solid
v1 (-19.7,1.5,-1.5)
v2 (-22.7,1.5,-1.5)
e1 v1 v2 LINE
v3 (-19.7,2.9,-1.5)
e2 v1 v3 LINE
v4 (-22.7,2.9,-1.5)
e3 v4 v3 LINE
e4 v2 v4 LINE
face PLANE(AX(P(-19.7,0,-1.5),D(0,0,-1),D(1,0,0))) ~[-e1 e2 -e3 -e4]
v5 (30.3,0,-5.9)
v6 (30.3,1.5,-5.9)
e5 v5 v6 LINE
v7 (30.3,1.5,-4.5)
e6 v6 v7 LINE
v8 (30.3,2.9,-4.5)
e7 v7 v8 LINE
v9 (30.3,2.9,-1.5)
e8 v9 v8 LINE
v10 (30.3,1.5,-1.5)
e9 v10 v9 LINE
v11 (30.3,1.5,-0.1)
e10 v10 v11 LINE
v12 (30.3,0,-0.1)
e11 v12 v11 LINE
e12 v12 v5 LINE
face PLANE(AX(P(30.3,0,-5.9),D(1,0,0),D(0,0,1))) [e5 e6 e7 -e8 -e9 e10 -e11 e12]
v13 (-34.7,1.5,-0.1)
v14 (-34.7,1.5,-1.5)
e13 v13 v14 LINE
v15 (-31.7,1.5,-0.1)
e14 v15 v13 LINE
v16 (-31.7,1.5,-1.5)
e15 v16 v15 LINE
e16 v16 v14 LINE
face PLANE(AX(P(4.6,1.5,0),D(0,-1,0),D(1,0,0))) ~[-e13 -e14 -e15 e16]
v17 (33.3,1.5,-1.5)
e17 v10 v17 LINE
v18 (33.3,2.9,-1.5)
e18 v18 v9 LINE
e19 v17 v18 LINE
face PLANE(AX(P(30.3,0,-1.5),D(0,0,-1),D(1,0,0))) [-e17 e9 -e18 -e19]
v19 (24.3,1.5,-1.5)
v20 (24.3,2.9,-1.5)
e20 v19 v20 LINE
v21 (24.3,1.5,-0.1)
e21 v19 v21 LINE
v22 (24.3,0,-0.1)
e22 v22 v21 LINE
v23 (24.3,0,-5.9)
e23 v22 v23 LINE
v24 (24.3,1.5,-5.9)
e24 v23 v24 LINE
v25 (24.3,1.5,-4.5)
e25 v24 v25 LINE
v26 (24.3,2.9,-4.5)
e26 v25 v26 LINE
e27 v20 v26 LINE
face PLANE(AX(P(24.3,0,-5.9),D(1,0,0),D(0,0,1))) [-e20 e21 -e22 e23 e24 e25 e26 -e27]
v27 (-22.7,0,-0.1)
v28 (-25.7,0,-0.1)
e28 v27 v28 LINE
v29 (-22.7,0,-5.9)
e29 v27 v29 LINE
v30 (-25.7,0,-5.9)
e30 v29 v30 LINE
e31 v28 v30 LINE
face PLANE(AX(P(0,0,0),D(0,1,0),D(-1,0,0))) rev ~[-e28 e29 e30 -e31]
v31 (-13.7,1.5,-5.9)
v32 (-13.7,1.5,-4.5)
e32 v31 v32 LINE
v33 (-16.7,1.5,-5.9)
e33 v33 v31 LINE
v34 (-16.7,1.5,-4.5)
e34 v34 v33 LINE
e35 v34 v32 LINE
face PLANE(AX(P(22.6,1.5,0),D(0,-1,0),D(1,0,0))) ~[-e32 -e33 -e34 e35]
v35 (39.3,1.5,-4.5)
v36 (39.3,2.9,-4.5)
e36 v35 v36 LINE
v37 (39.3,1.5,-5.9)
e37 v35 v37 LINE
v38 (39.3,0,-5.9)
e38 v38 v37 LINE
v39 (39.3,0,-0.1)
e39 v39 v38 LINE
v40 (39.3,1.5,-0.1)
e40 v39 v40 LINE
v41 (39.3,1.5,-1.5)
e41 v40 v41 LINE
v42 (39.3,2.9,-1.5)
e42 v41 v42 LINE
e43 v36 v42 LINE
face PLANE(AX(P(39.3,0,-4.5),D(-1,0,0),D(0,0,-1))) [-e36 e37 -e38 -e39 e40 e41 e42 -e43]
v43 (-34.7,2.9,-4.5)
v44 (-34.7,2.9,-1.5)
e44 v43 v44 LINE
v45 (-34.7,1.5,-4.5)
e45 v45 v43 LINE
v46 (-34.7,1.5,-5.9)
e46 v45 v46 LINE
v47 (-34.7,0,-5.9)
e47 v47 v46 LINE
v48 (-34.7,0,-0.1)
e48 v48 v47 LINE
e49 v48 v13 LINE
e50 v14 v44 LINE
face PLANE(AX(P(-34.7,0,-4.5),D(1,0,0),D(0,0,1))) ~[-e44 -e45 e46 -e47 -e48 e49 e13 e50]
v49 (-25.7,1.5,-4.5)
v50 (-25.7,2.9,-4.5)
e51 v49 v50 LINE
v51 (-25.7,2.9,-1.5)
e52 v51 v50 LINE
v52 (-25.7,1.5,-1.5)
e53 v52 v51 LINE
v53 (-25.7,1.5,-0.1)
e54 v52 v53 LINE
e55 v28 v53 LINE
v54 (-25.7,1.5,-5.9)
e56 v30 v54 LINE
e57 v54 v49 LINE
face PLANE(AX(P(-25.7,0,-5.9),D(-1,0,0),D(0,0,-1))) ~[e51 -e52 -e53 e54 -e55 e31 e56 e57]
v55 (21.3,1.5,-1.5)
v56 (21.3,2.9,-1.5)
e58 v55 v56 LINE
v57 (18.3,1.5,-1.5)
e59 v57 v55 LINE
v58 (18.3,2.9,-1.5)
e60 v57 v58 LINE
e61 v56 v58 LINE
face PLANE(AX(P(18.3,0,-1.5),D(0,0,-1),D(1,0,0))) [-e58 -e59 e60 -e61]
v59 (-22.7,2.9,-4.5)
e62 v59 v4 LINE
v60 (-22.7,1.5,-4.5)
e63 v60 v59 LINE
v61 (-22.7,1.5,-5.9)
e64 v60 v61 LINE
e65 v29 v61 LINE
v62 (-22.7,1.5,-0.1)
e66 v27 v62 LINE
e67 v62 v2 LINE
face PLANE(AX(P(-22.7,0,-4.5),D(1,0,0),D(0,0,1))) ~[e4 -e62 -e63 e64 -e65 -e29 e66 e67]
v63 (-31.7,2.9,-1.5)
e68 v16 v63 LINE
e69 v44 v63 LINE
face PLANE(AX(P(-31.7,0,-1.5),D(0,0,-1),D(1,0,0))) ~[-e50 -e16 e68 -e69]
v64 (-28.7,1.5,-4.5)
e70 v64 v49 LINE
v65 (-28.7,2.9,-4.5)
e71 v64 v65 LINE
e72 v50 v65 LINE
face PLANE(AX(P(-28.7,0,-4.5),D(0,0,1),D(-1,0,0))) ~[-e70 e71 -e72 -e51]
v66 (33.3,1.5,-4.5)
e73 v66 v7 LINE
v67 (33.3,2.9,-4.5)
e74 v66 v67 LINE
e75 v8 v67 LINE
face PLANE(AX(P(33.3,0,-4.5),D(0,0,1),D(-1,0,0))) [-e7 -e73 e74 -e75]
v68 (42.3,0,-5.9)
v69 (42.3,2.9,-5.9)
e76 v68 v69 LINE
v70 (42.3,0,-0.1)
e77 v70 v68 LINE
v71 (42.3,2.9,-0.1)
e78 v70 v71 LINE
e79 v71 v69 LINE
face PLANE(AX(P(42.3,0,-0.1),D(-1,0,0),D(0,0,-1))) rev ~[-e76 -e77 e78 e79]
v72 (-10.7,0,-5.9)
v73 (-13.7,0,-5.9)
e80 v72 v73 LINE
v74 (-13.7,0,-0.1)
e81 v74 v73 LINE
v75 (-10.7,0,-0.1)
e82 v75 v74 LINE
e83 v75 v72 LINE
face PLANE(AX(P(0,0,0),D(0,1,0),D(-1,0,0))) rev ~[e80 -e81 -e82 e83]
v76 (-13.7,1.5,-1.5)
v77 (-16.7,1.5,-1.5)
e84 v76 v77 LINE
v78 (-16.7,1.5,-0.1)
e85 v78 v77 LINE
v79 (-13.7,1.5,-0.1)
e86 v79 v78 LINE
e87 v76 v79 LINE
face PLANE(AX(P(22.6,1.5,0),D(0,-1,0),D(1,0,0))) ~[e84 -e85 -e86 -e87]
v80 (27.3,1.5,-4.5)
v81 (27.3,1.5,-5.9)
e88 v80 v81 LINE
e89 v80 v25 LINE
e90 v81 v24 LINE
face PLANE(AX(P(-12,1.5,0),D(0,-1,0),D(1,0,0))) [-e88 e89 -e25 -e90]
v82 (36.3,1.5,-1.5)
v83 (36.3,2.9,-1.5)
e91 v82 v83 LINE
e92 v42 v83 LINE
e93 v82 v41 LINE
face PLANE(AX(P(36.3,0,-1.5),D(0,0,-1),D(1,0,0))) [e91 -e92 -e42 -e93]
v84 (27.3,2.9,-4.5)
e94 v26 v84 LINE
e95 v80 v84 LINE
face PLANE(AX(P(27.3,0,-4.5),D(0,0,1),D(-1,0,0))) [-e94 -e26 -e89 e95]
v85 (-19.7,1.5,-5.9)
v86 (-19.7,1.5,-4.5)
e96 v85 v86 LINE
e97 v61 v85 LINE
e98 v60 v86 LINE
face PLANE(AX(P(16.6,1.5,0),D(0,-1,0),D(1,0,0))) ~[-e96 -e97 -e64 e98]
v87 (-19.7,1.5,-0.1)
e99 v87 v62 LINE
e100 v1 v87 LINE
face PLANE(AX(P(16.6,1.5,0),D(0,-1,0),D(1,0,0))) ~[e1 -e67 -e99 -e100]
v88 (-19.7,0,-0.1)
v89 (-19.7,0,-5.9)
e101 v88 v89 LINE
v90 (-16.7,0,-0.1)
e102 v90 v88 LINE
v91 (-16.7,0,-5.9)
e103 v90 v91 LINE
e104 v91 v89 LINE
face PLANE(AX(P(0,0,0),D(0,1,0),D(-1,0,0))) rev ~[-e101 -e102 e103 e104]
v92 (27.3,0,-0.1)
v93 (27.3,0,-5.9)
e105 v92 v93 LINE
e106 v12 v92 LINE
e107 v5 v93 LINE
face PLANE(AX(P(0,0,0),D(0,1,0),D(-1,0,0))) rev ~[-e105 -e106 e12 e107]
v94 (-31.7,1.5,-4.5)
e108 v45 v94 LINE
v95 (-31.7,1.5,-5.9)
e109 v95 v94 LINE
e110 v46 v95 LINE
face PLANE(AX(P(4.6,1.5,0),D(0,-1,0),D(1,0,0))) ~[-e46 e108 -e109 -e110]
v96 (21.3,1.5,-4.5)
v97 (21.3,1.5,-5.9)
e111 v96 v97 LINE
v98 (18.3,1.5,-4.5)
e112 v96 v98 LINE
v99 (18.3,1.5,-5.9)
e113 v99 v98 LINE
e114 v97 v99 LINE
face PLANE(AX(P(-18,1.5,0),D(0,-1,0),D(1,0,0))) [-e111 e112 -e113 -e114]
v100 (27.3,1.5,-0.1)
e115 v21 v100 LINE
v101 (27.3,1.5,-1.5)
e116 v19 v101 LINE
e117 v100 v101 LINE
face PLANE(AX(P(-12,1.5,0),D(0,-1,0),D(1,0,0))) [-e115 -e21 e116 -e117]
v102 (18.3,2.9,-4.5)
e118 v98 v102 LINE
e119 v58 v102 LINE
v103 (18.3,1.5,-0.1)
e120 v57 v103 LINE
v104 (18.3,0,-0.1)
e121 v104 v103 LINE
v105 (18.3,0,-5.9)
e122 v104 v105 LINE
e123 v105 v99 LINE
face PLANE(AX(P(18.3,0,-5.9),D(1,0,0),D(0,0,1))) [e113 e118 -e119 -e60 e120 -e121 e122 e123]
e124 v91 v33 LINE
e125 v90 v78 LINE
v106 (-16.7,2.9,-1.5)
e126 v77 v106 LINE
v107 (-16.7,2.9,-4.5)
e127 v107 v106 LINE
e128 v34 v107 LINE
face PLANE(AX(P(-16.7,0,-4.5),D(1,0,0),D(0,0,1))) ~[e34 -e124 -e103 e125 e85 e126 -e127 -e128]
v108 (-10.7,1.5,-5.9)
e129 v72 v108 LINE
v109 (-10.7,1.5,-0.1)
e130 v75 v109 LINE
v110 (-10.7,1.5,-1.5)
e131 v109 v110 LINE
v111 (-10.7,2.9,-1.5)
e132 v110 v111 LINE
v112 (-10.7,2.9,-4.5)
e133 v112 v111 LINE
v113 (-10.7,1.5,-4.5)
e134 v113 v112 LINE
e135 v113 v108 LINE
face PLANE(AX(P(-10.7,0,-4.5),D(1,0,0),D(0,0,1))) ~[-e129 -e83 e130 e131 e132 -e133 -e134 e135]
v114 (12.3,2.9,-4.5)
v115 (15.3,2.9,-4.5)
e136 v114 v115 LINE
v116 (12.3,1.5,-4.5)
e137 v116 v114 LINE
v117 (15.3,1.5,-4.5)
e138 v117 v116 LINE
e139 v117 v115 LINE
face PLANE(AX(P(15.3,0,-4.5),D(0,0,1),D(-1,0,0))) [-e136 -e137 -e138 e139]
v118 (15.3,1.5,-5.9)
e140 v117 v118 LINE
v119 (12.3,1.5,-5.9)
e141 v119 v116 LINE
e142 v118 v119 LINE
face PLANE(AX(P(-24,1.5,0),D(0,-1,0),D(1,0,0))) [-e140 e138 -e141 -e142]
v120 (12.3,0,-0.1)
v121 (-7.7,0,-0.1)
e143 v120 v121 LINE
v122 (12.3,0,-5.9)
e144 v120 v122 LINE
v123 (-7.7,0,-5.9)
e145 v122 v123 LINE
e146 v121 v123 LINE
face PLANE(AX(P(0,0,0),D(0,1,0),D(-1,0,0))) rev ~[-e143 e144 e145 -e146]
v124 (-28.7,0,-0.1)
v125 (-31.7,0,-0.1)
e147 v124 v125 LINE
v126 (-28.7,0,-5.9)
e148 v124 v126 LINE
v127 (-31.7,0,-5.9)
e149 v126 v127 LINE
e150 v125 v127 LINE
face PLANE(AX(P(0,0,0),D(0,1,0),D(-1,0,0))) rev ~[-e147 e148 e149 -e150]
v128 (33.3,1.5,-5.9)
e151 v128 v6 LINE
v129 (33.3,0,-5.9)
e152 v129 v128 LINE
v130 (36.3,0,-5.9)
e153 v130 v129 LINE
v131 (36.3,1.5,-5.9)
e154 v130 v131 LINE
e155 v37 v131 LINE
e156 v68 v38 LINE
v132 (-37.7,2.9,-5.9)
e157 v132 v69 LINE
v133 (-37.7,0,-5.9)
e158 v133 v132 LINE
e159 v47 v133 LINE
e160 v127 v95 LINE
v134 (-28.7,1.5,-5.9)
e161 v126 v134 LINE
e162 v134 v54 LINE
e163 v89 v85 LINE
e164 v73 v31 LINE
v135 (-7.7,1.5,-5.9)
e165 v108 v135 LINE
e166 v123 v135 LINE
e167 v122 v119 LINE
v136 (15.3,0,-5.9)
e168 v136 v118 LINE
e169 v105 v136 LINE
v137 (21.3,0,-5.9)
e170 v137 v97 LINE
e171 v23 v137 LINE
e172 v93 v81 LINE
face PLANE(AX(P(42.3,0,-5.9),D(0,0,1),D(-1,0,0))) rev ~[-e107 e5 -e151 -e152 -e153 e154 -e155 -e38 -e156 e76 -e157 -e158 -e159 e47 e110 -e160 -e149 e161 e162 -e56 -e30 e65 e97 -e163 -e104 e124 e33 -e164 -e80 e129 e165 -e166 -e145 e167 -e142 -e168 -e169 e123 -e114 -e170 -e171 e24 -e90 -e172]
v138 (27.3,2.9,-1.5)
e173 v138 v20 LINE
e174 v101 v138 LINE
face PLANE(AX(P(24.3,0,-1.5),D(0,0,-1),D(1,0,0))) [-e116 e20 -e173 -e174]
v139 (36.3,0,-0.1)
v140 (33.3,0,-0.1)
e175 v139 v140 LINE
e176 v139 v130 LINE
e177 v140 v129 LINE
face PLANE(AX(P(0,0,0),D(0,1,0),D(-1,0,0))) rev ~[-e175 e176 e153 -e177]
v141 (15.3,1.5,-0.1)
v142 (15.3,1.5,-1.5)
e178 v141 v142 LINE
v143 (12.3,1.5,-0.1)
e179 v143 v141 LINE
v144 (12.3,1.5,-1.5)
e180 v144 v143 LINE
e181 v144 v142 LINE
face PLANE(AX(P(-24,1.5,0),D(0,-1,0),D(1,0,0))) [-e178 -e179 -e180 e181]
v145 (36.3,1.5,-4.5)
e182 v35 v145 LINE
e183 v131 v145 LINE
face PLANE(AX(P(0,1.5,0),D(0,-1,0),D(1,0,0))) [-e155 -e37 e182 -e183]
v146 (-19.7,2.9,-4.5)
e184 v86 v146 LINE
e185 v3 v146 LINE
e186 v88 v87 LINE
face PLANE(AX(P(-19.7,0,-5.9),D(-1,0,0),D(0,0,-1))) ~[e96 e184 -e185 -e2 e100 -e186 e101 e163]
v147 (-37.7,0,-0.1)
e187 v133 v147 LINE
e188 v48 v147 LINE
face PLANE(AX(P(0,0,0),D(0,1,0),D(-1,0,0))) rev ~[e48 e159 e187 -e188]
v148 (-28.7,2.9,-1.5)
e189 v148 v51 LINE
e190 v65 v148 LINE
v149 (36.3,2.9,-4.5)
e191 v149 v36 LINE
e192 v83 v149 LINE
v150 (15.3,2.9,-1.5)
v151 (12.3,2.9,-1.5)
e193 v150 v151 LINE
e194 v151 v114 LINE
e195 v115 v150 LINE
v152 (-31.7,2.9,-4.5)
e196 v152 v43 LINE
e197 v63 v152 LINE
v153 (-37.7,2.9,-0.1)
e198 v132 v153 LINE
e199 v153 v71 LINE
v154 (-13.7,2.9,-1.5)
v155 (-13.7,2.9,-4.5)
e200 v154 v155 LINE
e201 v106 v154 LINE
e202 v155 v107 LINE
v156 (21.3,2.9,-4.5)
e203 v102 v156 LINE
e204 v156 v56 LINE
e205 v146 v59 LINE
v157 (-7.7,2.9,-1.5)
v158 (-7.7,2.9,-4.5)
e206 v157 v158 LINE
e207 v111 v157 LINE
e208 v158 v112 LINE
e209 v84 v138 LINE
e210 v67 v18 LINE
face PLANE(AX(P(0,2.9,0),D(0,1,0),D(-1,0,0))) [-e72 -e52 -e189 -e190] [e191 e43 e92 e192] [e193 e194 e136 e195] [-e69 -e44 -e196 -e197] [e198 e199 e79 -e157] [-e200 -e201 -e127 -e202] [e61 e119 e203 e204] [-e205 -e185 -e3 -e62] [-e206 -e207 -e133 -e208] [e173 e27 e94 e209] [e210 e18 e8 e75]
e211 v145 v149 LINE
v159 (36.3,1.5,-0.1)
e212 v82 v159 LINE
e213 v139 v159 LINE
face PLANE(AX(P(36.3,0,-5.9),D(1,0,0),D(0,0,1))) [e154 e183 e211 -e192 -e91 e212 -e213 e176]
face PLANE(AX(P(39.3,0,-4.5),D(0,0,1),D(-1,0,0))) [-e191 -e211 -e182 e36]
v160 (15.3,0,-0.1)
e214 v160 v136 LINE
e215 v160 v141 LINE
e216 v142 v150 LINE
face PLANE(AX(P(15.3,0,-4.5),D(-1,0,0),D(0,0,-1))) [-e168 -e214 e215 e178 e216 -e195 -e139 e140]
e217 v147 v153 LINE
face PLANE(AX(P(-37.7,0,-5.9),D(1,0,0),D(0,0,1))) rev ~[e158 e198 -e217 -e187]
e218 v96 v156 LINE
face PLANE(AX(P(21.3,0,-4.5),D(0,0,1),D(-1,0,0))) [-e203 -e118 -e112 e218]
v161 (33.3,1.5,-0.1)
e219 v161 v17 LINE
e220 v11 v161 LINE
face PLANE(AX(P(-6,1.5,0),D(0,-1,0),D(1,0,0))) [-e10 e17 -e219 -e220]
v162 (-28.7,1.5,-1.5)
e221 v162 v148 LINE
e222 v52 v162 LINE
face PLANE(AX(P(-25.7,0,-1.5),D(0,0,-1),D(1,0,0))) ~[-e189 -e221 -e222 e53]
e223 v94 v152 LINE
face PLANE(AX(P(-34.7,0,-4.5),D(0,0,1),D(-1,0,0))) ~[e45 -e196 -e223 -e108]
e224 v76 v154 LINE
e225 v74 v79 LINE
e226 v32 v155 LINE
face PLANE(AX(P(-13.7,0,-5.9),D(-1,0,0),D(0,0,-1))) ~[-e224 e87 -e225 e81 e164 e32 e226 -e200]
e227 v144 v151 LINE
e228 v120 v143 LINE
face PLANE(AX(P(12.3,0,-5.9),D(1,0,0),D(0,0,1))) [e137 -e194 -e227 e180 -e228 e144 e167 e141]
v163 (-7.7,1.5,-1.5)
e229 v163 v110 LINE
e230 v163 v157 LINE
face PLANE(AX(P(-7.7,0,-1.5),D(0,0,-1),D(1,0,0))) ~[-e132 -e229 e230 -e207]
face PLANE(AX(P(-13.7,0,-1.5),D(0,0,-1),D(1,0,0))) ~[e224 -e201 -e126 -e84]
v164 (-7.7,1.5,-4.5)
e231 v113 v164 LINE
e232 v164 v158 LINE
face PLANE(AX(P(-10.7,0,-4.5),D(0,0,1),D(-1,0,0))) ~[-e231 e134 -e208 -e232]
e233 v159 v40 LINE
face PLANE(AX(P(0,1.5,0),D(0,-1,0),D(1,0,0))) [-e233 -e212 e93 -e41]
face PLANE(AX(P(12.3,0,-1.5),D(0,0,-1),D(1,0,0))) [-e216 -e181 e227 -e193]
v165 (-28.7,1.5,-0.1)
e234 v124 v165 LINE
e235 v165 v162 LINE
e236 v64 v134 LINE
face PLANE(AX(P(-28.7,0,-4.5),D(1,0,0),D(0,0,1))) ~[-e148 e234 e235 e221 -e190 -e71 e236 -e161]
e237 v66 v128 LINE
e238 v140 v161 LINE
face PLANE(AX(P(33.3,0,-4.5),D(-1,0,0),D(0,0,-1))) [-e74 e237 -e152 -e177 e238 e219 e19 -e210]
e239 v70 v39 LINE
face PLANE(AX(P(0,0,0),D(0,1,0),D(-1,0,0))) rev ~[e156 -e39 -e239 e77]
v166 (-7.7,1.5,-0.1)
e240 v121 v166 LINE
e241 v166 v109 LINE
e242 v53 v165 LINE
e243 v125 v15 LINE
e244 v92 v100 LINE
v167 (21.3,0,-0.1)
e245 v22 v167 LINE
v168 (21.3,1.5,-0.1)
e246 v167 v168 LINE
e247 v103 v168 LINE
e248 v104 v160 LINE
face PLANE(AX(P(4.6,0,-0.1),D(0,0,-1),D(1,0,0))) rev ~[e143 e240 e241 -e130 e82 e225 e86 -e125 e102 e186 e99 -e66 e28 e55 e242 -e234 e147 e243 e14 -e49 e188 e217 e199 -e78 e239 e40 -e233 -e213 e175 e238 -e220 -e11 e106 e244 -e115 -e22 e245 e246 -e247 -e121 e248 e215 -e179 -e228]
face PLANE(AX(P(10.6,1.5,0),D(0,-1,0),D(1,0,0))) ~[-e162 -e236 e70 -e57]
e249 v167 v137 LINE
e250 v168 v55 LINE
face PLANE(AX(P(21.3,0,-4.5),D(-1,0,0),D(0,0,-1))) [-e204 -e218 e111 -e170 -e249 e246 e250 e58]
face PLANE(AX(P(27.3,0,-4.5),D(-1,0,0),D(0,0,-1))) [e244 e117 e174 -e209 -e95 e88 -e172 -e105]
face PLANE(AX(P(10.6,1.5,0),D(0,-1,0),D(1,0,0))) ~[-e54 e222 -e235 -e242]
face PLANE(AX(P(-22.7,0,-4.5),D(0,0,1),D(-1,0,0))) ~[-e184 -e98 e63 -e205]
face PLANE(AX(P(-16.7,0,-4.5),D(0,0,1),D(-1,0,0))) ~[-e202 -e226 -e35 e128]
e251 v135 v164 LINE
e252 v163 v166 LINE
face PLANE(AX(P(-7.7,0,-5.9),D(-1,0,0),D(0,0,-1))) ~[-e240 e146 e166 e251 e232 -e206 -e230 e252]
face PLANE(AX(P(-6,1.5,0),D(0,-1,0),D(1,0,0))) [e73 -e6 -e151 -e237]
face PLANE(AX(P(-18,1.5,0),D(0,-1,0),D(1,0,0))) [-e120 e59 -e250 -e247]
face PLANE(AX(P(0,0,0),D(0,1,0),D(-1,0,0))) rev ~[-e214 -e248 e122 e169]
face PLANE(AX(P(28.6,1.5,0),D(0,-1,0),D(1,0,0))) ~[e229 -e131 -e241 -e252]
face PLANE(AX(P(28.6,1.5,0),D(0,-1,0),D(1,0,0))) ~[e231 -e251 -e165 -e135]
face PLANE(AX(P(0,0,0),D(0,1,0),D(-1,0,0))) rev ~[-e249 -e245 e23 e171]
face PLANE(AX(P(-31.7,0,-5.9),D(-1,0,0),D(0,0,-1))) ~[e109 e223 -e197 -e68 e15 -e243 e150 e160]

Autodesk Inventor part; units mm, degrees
ref_plane "YZ Plane" through (0, 0, 0) normal (1, 0, 0) x (0, 1, 0)
ref_plane "XZ Plane" through (0, 0, 0) normal (0, 1, 0) x (-1, 0, 0)
ref_plane "XY Plane" through (0, 0, 0) normal (0, 0, 1) x (1, 0, 0)
sketch "Sketch1" plane through (0, 0, 0) normal (0, 1, 0) x (-1, 0, 0)
  line L0 (-4.6, -6) -> (-4.6, 0) projected
  line L1 (0, -6) -> (-4.6, -6) projected
  line L2 (0, 0) -> (0, -6) projected
  line L3 (0, 0) -> (-4.6, 0) projected
  line L4 (37.7, -0.1) -> (-42.3, -0.1)
  line L5 (-42.3, -0.1) -> (-42.3, -5.9)
  line L6 (-42.3, -5.9) -> (37.7, -5.9)
  line L7 (37.7, -5.9) -> (37.7, -0.1)
  line L8 (-2.3, -6) -> (-2.3, 0) construction
  dimension "d0" = 0.1
  dimension "d1" = 0.1
  dimension "d2" = 80
extrude "Extrusion1" add sketch "Sketch1" along normal blind 2.9 contours L6 L5 L4 L0 | L0 L4 L2 L6 | L2 L4 L7 L6
sketch "Sketch3" plane through (0, 0, 0) normal (0, -1, 0) x (1, 0, 0)
  line L0 (42.3, -5.9) -> (-37.7, -5.9) projected
  line L1 (-37.7, -0.1) -> (42.3, -0.1) projected
  line L2 (39.3, -5.9) -> (36.3, -5.9)
  line L3 (36.3, -5.9) -> (36.3, -0.1)
  line L4 (36.3, -0.1) -> (39.3, -0.1)
  line L5 (39.3, -0.1) -> (39.3, -5.9)
  line L6 (39.3, -4.5) -> (36.3, -4.5)
  line L7 (36.3, -4.5) -> (36.3, -1.5)
  line L8 (36.3, -1.5) -> (39.3, -1.5)
  line L9 (39.3, -1.5) -> (39.3, -4.5)
  line L10 (39.3, -3) -> (36.3, -3) construction
  line L11 (42.3, -0.1) -> (42.3, -5.9) projected
  point P0 (0, 0)
  dimension "d5" = 3
  dimension "d6" = 3
extrude "Extrusion2" cut sketch "Sketch3" against normal through all contours L6 L3 L8 L5
extrude "Extrusion3" cut sketch "Sketch3" against normal blind 1.5 contours L0 L3 L6 L5 | L5 L8 L3 L1
pattern_linear "Rectangular Pattern1" count 5 spacing 6 along (-1, 0, 0) of "Extrusion3", "Extrusion2"
ref_plane "Work Plane1" through (2.3, 0, -0.1) normal (1, 0, 0) x (0, 0, -1)
mirror "Mirror1" about plane through (2.3, 0, -0.1) normal (1, 0, 0) of "Extrusion3", "Extrusion2", "Rectangular Pattern1"
equation "\"d0\" = slack"
equation "\"d1\" = slack"
equation "\"slack\" = 0.1"
properties part number "Slider"
